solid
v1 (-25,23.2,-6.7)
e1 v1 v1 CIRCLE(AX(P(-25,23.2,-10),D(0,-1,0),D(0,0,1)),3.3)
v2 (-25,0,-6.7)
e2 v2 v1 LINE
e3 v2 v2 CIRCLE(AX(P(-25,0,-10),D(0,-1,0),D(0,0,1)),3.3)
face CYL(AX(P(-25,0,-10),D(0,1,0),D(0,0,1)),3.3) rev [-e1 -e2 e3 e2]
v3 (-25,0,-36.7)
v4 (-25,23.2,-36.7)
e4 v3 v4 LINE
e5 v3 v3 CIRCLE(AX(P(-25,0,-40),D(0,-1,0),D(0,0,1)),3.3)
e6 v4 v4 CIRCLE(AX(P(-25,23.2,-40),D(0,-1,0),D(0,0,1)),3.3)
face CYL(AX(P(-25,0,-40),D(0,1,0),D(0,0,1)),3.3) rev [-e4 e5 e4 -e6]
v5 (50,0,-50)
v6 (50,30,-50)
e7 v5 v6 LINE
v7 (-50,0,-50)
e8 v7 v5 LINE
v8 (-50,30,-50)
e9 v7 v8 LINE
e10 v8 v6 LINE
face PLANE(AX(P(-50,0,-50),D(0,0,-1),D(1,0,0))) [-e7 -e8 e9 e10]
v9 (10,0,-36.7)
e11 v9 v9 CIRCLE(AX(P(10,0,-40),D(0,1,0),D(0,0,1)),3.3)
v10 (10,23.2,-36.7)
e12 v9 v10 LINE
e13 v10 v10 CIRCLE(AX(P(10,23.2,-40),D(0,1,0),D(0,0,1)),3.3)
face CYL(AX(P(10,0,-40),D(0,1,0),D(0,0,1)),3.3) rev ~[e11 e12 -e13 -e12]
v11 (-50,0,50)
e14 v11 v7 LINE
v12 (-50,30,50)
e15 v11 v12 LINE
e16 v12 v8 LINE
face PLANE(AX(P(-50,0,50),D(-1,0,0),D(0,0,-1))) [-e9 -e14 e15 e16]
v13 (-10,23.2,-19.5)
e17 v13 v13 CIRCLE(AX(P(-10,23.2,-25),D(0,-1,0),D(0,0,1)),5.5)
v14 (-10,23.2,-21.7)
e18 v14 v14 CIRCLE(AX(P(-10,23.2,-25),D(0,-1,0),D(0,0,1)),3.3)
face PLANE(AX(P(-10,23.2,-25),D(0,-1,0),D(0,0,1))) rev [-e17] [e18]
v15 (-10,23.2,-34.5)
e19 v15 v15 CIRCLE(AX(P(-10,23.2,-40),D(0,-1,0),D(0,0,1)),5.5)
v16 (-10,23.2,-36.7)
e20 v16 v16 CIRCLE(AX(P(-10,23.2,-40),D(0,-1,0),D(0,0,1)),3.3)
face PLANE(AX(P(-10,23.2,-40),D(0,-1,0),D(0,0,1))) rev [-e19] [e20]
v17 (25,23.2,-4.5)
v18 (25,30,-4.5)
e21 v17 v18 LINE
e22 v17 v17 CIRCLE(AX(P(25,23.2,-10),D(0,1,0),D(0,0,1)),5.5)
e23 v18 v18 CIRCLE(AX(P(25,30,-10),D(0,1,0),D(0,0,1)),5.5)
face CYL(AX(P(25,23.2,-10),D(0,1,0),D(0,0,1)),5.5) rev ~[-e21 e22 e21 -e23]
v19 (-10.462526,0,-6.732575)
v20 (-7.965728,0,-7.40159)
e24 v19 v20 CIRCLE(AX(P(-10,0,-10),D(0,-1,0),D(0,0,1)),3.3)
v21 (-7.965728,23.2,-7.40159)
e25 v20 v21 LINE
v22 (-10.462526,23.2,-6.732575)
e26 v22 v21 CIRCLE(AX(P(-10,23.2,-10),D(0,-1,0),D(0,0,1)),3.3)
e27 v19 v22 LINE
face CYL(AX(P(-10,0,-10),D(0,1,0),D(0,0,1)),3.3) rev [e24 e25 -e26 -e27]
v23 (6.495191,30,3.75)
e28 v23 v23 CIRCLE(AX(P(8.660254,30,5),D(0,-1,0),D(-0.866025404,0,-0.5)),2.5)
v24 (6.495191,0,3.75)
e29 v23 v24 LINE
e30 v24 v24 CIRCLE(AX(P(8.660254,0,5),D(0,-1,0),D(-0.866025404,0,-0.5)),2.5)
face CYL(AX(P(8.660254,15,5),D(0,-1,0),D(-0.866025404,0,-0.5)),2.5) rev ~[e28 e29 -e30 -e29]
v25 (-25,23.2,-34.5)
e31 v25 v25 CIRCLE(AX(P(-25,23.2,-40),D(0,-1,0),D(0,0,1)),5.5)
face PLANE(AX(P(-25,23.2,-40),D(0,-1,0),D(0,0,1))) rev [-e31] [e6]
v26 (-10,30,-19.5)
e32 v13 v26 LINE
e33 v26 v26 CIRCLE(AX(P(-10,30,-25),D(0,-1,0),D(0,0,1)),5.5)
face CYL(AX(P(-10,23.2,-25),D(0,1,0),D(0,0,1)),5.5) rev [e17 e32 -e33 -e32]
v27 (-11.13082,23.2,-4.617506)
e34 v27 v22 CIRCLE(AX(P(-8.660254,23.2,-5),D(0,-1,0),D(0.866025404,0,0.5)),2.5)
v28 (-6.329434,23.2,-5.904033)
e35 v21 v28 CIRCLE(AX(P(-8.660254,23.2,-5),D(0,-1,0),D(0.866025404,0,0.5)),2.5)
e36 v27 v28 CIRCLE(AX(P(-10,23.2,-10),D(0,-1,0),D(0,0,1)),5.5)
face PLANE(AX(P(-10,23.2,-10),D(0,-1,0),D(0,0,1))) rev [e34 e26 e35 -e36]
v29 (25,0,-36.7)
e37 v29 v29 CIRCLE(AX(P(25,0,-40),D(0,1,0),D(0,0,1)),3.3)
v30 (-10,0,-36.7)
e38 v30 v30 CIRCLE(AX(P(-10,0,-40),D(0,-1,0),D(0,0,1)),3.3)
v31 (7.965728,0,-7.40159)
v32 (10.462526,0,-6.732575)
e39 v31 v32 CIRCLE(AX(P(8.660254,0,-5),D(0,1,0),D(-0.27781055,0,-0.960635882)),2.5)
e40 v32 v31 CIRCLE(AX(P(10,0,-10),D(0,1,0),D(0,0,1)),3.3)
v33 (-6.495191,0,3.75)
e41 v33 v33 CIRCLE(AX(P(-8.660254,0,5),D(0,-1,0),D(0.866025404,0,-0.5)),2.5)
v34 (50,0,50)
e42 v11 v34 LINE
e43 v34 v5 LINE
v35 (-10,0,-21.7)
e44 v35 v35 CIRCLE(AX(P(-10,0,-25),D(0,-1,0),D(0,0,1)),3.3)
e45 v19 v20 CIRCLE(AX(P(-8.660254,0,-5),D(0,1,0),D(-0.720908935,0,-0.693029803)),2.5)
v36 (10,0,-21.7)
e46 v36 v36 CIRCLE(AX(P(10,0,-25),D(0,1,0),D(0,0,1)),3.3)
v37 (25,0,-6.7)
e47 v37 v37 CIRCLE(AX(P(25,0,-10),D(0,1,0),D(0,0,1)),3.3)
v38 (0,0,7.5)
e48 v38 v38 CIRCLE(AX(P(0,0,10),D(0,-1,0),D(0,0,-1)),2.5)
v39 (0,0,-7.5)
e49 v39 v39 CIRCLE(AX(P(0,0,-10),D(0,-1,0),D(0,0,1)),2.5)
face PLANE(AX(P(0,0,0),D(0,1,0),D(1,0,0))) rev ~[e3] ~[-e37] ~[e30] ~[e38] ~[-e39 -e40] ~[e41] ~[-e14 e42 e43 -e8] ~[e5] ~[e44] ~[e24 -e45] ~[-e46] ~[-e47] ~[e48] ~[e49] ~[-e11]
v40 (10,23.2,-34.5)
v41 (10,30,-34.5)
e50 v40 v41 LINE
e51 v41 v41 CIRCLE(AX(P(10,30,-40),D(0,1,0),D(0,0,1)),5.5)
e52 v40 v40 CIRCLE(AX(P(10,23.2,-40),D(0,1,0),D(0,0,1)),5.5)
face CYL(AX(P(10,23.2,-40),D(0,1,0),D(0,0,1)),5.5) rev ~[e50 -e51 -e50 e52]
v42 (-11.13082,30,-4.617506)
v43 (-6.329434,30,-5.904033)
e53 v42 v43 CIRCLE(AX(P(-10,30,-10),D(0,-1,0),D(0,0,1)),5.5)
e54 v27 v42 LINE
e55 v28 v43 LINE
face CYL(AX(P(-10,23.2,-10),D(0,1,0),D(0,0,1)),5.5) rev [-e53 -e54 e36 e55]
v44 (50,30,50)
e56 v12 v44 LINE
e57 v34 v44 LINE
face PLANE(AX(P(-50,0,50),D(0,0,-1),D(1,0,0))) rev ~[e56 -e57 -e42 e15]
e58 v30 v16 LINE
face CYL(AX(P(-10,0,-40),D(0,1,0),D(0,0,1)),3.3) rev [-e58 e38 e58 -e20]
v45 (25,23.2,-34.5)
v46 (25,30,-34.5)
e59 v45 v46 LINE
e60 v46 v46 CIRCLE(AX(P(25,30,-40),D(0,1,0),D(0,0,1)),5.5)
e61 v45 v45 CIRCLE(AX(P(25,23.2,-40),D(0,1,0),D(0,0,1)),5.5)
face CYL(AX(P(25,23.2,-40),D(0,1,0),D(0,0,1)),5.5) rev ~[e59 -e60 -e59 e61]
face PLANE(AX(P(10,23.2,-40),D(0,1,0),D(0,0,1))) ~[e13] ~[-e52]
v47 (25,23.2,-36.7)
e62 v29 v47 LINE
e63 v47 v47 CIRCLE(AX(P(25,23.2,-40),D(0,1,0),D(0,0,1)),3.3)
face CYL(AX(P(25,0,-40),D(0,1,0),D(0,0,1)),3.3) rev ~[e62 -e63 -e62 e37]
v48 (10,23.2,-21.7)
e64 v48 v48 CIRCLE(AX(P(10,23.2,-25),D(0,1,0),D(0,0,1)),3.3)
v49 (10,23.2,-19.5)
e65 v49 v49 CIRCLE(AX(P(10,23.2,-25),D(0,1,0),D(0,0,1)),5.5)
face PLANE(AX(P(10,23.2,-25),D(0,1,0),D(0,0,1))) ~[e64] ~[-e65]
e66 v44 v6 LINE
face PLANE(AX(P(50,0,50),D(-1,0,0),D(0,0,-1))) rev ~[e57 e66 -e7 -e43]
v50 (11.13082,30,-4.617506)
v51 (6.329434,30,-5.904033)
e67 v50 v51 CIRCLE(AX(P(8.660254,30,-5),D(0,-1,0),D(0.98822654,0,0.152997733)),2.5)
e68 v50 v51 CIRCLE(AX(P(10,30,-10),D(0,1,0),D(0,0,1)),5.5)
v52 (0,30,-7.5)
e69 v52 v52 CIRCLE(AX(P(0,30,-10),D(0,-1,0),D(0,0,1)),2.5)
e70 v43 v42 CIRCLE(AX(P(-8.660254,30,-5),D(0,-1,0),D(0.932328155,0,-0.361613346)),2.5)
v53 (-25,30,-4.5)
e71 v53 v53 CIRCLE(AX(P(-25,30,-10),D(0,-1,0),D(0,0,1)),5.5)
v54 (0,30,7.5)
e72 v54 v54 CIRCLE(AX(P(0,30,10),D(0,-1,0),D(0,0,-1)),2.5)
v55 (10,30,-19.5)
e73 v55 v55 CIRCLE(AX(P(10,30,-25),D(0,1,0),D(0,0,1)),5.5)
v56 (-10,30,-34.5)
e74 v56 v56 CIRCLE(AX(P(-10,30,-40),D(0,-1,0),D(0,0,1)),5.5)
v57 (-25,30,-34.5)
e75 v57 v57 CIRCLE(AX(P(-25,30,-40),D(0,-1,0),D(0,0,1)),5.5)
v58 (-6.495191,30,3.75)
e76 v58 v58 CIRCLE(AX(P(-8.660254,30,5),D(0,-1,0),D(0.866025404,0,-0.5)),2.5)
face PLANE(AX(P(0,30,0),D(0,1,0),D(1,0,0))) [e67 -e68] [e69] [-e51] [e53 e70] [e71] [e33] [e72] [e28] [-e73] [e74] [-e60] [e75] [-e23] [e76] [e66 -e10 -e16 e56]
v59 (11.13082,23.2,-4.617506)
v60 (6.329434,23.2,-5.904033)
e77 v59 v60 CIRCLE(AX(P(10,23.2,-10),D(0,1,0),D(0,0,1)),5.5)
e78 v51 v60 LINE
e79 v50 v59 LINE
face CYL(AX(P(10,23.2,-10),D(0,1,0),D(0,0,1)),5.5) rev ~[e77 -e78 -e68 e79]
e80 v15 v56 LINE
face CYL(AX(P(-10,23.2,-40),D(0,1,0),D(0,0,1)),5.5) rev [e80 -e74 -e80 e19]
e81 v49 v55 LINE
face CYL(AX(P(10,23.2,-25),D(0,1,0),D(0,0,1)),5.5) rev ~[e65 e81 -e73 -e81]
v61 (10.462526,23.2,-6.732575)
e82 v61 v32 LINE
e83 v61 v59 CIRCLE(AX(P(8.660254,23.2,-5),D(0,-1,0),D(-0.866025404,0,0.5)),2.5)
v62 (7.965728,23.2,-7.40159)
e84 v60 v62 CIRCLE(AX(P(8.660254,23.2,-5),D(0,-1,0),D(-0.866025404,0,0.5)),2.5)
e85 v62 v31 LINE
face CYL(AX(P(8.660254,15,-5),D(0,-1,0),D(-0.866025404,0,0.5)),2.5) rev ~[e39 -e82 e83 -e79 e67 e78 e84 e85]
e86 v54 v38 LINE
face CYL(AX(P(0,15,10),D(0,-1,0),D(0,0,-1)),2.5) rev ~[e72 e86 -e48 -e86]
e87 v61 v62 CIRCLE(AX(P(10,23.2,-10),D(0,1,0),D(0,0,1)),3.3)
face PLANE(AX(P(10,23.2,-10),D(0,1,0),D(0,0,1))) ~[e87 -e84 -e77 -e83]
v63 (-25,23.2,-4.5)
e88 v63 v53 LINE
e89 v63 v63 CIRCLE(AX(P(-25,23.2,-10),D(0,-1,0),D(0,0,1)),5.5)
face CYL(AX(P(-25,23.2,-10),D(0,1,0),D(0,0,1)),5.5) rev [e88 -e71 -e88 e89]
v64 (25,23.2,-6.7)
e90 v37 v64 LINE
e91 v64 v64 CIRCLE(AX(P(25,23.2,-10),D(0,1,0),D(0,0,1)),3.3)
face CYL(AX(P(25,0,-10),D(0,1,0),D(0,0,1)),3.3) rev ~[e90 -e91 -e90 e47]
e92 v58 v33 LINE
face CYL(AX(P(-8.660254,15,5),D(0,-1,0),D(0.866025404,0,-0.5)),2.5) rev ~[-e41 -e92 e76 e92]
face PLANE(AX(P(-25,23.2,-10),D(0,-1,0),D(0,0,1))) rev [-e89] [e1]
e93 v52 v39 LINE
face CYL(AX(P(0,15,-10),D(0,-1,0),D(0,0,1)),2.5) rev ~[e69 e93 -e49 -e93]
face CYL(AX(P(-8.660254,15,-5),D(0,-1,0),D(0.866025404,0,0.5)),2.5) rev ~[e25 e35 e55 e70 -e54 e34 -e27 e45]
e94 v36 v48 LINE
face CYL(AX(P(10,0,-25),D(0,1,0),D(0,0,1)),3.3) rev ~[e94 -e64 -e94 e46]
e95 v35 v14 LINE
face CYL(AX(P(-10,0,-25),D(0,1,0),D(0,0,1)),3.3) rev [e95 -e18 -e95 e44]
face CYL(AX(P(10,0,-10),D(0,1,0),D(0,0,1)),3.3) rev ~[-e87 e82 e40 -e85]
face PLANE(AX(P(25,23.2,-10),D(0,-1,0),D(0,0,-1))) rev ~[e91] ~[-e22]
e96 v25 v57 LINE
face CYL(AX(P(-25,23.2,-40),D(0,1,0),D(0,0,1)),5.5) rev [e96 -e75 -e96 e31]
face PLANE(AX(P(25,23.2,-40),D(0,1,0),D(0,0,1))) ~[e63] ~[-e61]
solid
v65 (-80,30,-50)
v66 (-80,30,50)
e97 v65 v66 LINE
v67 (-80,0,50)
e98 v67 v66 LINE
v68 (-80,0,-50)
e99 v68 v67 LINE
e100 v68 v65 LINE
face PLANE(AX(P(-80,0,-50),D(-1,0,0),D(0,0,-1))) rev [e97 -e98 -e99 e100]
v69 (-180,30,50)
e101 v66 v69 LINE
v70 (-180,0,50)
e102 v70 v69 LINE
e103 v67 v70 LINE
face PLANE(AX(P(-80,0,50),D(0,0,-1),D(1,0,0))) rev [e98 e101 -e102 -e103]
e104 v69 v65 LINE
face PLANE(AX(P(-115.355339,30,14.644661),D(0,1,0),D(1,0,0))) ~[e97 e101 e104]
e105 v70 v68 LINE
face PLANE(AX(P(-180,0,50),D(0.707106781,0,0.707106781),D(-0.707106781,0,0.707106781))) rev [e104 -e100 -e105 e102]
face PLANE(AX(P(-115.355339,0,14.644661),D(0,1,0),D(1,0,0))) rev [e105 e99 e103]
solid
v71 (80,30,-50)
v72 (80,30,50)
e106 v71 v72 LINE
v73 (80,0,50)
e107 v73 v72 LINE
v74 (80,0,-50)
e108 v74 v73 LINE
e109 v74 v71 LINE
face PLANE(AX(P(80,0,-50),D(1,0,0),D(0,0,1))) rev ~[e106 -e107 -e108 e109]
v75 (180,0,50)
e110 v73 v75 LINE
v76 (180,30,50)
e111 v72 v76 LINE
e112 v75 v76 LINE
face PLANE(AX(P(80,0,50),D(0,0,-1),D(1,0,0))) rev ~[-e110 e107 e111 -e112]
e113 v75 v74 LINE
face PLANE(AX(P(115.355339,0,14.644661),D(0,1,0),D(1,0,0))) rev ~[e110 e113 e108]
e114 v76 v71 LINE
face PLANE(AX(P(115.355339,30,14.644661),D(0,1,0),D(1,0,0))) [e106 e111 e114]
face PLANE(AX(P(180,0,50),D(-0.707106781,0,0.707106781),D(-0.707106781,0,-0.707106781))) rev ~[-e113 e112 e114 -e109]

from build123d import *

# Parameters (mm, degrees)
EXTRUDE_1_DEPTH             = 30
SKETCH_1_W                  = 100
SKETCH_1_H                  = 100
EXTRUDE_1_2_DEPTH           = 30
SKETCH_5_W                  = 2.5
SKETCH_5_H                  = 30
PATTERN_LINEAR_1_COUNT      = 2
PATTERN_LINEAR_1_PITCH      = 15
PATTERN_LINEAR_1_COUNT_DIR2 = 3
PATTERN_LINEAR_1_PITCH_DIR2 = 15
PATTERN_CIRCULAR_1_COUNT    = 6


with BuildPart() as part:
    # 草图1 → 凸台-拉伸1 (new body)
    with BuildSketch(Plane(origin=(0, 0, 0), x_dir=(1, 0, 0), z_dir=(0, 1, 0))):
        Polygon((80, 50), (80, -50), (180, -50), align=None)
    extrude(amount=EXTRUDE_1_DEPTH)


with BuildPart() as body_2:
    # 草图1 → Extrude 1 2 (new body)
    with BuildSketch(Plane(origin=(0, 0, 0), x_dir=(1, 0, 0), z_dir=(0, 1, 0))):
        Rectangle(SKETCH_1_W, SKETCH_1_H)
    extrude(amount=EXTRUDE_1_2_DEPTH)

    # 草图3 → Hole Wizard M6 _1 (revolve, cut)
    with BuildSketch(Plane(origin=(-25, 30, -10), x_dir=(0, 0, 1), z_dir=(1, 0, 0))):
        Polygon((0, 0), (0, 30), (3.3, 30), (3.3, 6.8), (5.5, 6.8), (5.5, 0), align=None)
    hole_wizard_m6_1 = revolve(axis=Axis((-25, 36.35, -10), (0, -1, 0)), mode=Mode.SUBTRACT)

    # 草图5 → Hole Wizard M6 _1 2 (revolve, cut)
    with BuildSketch(Plane(origin=(0, 30, -10), x_dir=(0, 0, 1), z_dir=(1, 0, 0))):
        with Locations((1.25, 15)):
            Rectangle(SKETCH_5_W, SKETCH_5_H)
    hole_wizard_m6_1_2 = revolve(axis=Axis((0, 36.35, -10), (0, -1, 0)), mode=Mode.SUBTRACT)

    # 阵列(线性)1: Hole Wizard M6 _1 2 × 3, 1 skipped
    with Locations(*[(i * PATTERN_LINEAR_1_PITCH, 0, -j * PATTERN_LINEAR_1_PITCH_DIR2) for i in range(PATTERN_LINEAR_1_COUNT) for j in range(PATTERN_LINEAR_1_COUNT_DIR2) if (i, j) not in ((0, 0), (0, 1))]):
        add(hole_wizard_m6_1, mode=Mode.SUBTRACT)

    # 阵列(圆周)1: Hole Wizard M6 _1 2 ×6 about axis
    pattern_circular_1_axis = Axis((0, 0, 0), (0, 1, 0))
    for i in range(1, PATTERN_CIRCULAR_1_COUNT):
        add(hole_wizard_m6_1_2.rotate(pattern_circular_1_axis, i * 360 / PATTERN_CIRCULAR_1_COUNT), mode=Mode.SUBTRACT)

    # 镜向1 copy 1 sketch → 镜向1 copy 1 (revolve, cut)
    with BuildSketch(Plane(origin=(25, 30, -40), x_dir=(0, 0, 1), z_dir=(-1, 0, 0))):
        Polygon((0, 0), (0, -30), (3.3, -30), (3.3, -6.8), (5.5, -6.8), (5.5, 0), align=None)
    revolve(axis=Axis((25, 36.35, -40), (0, 1, 0)), mode=Mode.SUBTRACT)

    # 镜向1 copy 2 sketch → 镜向1 copy 2 (revolve, cut)
    with BuildSketch(Plane(origin=(10, 30, -10), x_dir=(0, 0, 1), z_dir=(-1, 0, 0))):
        Polygon((0, 0), (0, -30), (3.3, -30), (3.3, -6.8), (5.5, -6.8), (5.5, 0), align=None)
    revolve(axis=Axis((10, 36.35, -10), (0, 1, 0)), mode=Mode.SUBTRACT)

    # 镜向1 copy 3 sketch → 镜向1 copy 3 (revolve, cut)
    with BuildSketch(Plane(origin=(10, 30, -25), x_dir=(0, 0, 1), z_dir=(-1, 0, 0))):
        Polygon((0, 0), (0, -30), (3.3, -30), (3.3, -6.8), (5.5, -6.8), (5.5, 0), align=None)
    revolve(axis=Axis((10, 36.35, -25), (0, 1, 0)), mode=Mode.SUBTRACT)

    # 镜向1 copy 4 sketch → 镜向1 copy 4 (revolve, cut)
    with BuildSketch(Plane(origin=(10, 30, -40), x_dir=(0, 0, 1), z_dir=(-1, 0, 0))):
        Polygon((0, 0), (0, -30), (3.3, -30), (3.3, -6.8), (5.5, -6.8), (5.5, 0), align=None)
    revolve(axis=Axis((10, 36.35, -40), (0, 1, 0)), mode=Mode.SUBTRACT)

    # 镜向1 copy 5 sketch → 镜向1 copy 5 (revolve, cut)
    with BuildSketch(Plane(origin=(25, 30, -10), x_dir=(0, 0, 1), z_dir=(-1, 0, 0))):
        Polygon((0, 0), (0, -30), (3.3, -30), (3.3, -6.8), (5.5, -6.8), (5.5, 0), align=None)
    revolve(axis=Axis((25, 36.35, -10), (0, 1, 0)), mode=Mode.SUBTRACT)


with BuildPart() as body_3:
    # 镜向3: mirrored copy
    add(part.part.mirror(Plane(origin=(0, 0, 0), x_dir=(0, 0, 1), z_dir=(1, 0, 0))))


solid = Compound([part.part, body_2.part, body_3.part])
